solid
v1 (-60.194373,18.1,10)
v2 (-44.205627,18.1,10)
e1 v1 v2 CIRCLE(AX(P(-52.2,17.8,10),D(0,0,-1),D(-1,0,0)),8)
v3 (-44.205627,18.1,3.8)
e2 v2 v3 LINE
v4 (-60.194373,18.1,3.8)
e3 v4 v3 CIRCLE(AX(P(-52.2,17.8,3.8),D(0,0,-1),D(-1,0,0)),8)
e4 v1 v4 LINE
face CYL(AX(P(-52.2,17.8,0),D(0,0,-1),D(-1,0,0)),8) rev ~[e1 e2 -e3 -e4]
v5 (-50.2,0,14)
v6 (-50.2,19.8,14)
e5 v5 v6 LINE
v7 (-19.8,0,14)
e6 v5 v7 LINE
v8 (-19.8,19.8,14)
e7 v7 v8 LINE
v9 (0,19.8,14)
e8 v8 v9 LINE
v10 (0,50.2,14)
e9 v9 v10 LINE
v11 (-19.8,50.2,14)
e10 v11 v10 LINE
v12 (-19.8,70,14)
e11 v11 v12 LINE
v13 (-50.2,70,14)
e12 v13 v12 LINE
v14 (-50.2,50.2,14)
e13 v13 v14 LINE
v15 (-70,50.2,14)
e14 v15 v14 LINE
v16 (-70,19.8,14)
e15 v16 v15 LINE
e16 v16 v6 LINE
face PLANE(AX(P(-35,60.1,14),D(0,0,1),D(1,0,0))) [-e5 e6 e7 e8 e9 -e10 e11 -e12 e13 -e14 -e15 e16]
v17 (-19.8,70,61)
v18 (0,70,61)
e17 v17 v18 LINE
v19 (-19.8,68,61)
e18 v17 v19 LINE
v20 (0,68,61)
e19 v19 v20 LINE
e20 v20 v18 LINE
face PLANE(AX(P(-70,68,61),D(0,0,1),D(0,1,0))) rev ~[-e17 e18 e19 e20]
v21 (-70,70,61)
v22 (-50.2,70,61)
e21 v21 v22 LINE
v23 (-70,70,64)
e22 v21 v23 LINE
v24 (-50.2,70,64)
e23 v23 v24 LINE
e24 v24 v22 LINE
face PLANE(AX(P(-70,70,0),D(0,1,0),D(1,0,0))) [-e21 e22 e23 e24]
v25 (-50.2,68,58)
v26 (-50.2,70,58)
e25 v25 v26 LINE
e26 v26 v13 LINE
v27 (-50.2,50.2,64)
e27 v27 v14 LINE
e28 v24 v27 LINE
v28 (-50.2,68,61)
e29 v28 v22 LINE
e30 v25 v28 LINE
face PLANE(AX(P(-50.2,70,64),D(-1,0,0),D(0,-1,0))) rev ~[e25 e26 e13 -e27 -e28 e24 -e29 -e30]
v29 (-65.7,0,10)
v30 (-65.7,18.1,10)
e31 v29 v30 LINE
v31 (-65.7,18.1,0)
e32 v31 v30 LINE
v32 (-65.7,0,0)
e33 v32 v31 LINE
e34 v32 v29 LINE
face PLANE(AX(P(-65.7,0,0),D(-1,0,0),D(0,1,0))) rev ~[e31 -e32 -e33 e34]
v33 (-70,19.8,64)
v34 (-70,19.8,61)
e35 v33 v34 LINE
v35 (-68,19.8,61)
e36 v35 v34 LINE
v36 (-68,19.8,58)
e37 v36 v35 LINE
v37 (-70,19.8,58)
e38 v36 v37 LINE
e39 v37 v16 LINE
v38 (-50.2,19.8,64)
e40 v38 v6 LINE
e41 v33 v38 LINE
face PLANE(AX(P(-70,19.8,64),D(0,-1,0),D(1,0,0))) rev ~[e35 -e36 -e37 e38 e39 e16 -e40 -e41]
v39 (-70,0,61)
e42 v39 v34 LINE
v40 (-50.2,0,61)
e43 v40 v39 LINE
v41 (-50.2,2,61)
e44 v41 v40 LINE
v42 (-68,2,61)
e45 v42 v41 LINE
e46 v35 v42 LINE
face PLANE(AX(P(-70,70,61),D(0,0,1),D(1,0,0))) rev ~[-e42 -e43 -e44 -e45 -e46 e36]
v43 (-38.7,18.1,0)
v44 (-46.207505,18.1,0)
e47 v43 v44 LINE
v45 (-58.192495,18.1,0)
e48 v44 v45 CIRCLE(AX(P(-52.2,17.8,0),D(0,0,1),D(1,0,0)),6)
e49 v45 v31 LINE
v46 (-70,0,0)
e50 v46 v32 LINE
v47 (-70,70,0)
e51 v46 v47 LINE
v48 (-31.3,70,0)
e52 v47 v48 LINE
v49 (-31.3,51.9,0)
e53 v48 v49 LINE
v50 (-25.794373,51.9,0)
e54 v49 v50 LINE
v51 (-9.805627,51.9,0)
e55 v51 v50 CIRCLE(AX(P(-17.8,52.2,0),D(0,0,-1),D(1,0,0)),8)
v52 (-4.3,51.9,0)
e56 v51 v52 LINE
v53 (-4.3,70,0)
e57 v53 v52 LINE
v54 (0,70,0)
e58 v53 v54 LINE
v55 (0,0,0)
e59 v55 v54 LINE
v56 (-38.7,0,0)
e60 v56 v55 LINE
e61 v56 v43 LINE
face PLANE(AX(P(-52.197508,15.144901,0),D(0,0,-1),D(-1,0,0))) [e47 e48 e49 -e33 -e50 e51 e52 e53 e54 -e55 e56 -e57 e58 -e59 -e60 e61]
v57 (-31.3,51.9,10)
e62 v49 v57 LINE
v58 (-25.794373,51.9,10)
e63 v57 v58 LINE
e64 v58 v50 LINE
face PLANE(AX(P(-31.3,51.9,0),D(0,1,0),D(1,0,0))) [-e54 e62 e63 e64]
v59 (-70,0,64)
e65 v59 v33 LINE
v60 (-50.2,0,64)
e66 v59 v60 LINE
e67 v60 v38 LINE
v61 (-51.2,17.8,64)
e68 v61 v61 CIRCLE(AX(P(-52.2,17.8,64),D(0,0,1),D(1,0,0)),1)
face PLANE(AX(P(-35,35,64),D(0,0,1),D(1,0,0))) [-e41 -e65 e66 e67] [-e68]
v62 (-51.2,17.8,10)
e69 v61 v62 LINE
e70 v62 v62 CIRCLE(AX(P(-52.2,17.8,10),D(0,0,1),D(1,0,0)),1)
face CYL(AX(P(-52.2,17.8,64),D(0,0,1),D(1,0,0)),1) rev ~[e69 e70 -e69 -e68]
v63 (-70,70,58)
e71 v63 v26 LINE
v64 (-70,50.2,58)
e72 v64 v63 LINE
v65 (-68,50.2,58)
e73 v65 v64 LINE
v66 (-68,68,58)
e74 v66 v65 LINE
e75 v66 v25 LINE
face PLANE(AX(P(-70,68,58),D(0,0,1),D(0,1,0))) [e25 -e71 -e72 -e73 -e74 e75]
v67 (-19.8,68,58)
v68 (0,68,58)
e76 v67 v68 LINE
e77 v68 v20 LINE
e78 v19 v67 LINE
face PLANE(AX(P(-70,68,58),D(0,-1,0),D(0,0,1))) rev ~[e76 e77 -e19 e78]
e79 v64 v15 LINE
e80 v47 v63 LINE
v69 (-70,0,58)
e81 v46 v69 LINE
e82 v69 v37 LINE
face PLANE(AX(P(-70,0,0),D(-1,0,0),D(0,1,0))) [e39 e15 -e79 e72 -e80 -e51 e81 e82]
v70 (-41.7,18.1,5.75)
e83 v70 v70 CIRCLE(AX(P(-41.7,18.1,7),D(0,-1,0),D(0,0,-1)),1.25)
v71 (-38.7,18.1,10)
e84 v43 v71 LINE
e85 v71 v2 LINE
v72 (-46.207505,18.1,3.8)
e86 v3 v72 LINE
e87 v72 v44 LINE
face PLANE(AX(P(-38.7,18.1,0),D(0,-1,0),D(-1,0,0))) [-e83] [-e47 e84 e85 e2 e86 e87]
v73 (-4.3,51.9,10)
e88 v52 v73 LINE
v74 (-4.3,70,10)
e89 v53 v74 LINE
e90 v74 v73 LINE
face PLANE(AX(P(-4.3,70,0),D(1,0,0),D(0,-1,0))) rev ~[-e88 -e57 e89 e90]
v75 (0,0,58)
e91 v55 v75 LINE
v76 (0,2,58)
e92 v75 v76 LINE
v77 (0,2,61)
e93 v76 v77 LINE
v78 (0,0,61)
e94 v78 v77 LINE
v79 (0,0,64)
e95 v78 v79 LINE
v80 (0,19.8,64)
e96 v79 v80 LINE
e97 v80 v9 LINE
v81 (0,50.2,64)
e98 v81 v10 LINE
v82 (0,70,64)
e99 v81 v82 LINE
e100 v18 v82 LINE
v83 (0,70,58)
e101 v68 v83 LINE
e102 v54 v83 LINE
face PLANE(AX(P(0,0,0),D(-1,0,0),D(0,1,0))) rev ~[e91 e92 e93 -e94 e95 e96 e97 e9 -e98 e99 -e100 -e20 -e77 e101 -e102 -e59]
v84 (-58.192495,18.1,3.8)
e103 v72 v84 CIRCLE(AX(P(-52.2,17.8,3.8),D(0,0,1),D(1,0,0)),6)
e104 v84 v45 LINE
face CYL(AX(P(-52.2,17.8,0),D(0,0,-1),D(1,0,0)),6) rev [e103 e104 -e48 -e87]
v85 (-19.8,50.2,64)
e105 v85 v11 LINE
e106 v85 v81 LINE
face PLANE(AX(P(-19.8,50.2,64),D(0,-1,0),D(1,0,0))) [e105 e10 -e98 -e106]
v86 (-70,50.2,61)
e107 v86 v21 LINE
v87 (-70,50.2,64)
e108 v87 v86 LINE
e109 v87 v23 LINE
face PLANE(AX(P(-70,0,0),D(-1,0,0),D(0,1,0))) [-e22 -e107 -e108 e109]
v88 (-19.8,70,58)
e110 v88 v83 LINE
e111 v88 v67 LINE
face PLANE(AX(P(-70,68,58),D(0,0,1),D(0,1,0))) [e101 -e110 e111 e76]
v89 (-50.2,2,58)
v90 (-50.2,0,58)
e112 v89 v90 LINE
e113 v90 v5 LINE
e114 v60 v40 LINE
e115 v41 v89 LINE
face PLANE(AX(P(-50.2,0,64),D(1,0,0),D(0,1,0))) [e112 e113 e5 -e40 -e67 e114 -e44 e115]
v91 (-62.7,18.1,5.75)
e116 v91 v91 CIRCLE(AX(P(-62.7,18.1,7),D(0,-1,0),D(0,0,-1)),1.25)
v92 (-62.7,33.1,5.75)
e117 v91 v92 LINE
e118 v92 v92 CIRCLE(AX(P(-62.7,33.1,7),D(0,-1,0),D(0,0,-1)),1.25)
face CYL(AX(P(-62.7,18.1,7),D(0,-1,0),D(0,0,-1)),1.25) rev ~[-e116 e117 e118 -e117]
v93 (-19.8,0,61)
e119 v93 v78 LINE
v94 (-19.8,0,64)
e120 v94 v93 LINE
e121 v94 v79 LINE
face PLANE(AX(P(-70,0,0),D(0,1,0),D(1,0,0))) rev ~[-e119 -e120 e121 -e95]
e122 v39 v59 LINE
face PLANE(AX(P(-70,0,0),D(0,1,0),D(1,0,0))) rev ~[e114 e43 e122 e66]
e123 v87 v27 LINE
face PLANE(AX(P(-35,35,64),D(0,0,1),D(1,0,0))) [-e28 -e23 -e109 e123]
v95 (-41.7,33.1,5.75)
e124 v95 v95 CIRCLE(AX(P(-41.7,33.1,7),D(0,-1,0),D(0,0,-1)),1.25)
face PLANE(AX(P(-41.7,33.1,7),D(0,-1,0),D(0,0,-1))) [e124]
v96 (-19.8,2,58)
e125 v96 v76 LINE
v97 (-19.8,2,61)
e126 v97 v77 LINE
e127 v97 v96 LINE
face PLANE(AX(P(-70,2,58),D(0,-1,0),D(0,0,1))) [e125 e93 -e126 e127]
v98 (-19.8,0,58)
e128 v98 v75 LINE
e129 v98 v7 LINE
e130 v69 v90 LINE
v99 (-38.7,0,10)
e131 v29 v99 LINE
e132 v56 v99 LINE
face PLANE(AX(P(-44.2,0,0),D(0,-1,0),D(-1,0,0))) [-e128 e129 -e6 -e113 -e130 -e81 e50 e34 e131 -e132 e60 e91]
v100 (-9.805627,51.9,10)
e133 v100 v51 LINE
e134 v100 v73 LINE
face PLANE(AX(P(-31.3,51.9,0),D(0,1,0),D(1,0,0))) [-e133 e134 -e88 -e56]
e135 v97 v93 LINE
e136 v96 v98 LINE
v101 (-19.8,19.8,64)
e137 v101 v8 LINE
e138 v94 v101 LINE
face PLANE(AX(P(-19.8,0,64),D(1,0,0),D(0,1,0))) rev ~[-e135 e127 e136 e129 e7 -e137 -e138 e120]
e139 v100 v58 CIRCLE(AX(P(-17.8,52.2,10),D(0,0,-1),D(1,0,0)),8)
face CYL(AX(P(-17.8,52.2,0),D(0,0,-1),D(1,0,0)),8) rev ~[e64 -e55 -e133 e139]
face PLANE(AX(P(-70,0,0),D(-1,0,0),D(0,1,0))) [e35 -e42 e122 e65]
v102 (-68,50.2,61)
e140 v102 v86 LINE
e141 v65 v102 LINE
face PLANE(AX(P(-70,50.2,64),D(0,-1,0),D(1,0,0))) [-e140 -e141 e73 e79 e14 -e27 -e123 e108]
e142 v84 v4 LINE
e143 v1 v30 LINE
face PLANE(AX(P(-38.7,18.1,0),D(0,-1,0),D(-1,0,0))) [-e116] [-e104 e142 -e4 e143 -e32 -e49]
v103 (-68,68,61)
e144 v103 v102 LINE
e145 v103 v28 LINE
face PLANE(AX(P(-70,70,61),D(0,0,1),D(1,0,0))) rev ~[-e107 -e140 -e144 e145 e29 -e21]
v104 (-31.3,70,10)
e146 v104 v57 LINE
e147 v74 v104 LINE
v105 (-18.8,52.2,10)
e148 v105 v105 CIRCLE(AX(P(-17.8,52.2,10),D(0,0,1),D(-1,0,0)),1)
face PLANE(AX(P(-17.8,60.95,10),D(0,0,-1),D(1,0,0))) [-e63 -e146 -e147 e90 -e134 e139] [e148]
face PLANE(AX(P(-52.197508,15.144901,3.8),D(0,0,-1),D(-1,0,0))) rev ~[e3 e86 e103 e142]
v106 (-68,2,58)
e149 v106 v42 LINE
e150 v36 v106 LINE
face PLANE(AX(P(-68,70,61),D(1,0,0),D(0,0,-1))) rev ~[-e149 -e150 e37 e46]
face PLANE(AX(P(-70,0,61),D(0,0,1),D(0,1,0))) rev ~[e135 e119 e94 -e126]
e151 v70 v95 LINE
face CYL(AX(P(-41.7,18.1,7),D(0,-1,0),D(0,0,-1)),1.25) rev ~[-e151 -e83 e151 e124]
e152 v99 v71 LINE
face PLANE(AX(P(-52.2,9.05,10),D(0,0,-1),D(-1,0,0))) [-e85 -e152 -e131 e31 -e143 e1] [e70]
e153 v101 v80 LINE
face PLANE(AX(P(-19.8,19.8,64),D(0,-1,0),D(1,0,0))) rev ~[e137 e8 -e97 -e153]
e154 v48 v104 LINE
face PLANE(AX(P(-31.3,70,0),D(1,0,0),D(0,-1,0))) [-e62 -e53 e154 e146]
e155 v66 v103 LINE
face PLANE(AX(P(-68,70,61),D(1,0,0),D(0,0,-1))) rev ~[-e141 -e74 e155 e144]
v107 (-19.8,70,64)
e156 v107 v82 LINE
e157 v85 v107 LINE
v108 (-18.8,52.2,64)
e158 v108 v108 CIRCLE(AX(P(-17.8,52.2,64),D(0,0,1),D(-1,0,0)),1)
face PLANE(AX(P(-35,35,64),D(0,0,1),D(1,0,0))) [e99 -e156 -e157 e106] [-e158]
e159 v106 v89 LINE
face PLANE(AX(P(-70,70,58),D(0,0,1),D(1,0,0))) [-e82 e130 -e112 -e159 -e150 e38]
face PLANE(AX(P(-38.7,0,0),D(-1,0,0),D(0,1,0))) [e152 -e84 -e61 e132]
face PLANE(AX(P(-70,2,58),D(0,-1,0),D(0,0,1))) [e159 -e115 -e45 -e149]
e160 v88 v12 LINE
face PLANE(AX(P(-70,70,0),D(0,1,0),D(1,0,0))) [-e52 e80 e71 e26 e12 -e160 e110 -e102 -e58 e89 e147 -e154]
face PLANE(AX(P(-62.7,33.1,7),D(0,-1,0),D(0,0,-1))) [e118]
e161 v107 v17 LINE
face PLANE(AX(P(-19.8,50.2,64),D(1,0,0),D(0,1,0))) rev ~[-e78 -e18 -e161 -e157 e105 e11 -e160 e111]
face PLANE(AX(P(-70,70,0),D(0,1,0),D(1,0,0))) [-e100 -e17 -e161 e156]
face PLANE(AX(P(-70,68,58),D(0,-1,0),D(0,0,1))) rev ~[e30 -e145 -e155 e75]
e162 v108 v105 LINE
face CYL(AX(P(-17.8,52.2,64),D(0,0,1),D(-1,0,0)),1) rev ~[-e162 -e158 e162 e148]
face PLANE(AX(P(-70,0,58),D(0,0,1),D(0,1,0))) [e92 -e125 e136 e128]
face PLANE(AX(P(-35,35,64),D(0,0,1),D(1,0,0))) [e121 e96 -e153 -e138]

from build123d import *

# Parameters (mm, degrees)
ESQUISSE1_W                  = 70
ESQUISSE1_H                  = 70
BOSS_EXTRU_1_DEPTH           = 64
ESQUISSE2_W                  = 30.4
ESQUISSE2_H                  = 19.8
ESQUISSE2_H_2                = 30.4
ESQUISSE2_W_2                = 19.8
ENL_V_MAT_EXTRU_1_DEPTH      = 50
ESQUISSE5_W                  = 3
ESQUISSE5_H                  = 2
ENL_V_MAT_EXTRU_3_DEPTH      = 71
ESQUISSE6_W                  = 2
ESQUISSE6_H                  = 3
ENL_V_MAT_EXTRU_4_DEPTH      = 71
ESQUISSE7_R                  = 1
ENL_V_MAT_EXTRU_5_DEPTH      = 65
ENL_V_MAT_EXTRU_7_DEPTH      = 10
BOSS_EXTRU_2_DEPTH           = 3.8
ESQUISSE10_W                 = 27
ESQUISSE10_H                 = 18.1
ENL_V_MAT_EXTRU_8_DEPTH      = 10
ESQUISSE11_R                 = 1.25
ENL_V_MAT_EXTRU_9_DEPTH      = 15
R_P_TITION_CIRCULAIRE1_COUNT = 2


with BuildPart() as part:
    # Esquisse1 → Boss.-Extru.1 (new body)
    with BuildSketch(Plane.XY):
        with Locations((-35, 35)):
            Rectangle(ESQUISSE1_W, ESQUISSE1_H)
    extrude(amount=BOSS_EXTRU_1_DEPTH)

    # Esquisse2 → Enlèv. mat.-Extru.1 (cut)
    with BuildSketch(Plane.XY.offset(64)):
        with Locations((-35, 60.1)):
            Rectangle(ESQUISSE2_W, ESQUISSE2_H)
        with Locations((-35, 35)):
            Rectangle(ESQUISSE2_W, ESQUISSE2_H_2)
        with Locations((-9.9, 35)):
            Rectangle(ESQUISSE2_W_2, ESQUISSE2_H_2)
        with Locations((-60.1, 35)):
            Rectangle(ESQUISSE2_W_2, ESQUISSE2_H_2)
        with Locations((-35, 9.9)):
            Rectangle(ESQUISSE2_W, ESQUISSE2_H)
    extrude(amount=-ENL_V_MAT_EXTRU_1_DEPTH, mode=Mode.SUBTRACT)

    # Esquisse5 → Enlèv. mat.-Extru.3 (cut, through all)
    with BuildSketch(Plane.ZY.offset(70)):
        with Locations((59.5, 69)):
            Rectangle(ESQUISSE5_W, ESQUISSE5_H)
        with Locations((59.5, 1)):
            Rectangle(ESQUISSE5_W, ESQUISSE5_H)
    extrude(amount=-ENL_V_MAT_EXTRU_3_DEPTH, mode=Mode.SUBTRACT)

    # Esquisse6 → Enlèv. mat.-Extru.4 (cut, through all)
    with BuildSketch(Plane(origin=(0, 70, 0), x_dir=(1, 0, 0), z_dir=(0, 1, 0))):
        with Locations((-69, -59.5)):
            Rectangle(ESQUISSE6_W, ESQUISSE6_H)
    extrude(amount=-ENL_V_MAT_EXTRU_4_DEPTH, mode=Mode.SUBTRACT)

    # Esquisse7 → Enlèv. mat.-Extru.5 (cut, through all)
    with BuildSketch(Plane.XY.offset(64)):
        with Locations((-52.2, 17.8)):
            Circle(ESQUISSE7_R)
    enl_v_mat_extru_5 = extrude(amount=-ENL_V_MAT_EXTRU_5_DEPTH, mode=Mode.SUBTRACT)

    # Esquisse8 → Enlèv. mat.-Extru.7 (cut)
    with BuildSketch(Plane(origin=(0, 0, 0), x_dir=(-1, 0, 0), z_dir=(0, 0, -1))):
        with BuildLine():
            Line((60.2, 0), (60.2, 17.8))
            ThreePointArc((60.2, 17.8), (52.2, 9.8), (44.2, 17.8))
            Line((44.2, 17.8), (44.2, 0))
            Line((44.2, 0), (60.2, 0))
        make_face()
        with BuildLine():
            ThreePointArc((44.2, 17.8), (52.2, 9.8), (60.2, 17.8))
            Line((60.2, 17.8), (53.2, 17.8))
            ThreePointArc((53.2, 17.8), (52.2, 16.8), (51.2, 17.8))
            Line((51.2, 17.8), (44.2, 17.8))
        make_face()
        with BuildLine():
            Line((53.2, 17.8), (60.2, 17.8))
            ThreePointArc((60.2, 17.8), (52.2, 25.8), (44.2, 17.8))
            Line((44.2, 17.8), (51.2, 17.8))
            ThreePointArc((51.2, 17.8), (52.2, 18.8), (53.2, 17.8))
        make_face()
    enl_v_mat_extru_7 = extrude(amount=-ENL_V_MAT_EXTRU_7_DEPTH, mode=Mode.SUBTRACT)

    # Esquisse9 → Boss.-Extru.2 (add)
    with BuildSketch(Plane(origin=(0, 0, 0), x_dir=(-1, 0, 0), z_dir=(0, 0, -1))):
        with BuildLine():
            Line((46.2, 0), (46.2, 17.8))
            ThreePointArc((46.2, 17.8), (52.2, 23.8), (58.2, 17.8))
            Line((58.2, 17.8), (58.2, 0))
            Line((58.2, 0), (60.2, 0))
            Line((60.2, 0), (60.2, 17.8))
            Line((60.2, 17.8), (60.175717696, 28.742363645))
            Line((60.175717696, 28.742363645), (44.2, 28.742363645))
            Line((44.2, 28.742363645), (44.2, 0))
            Line((44.2, 0), (46.2, 0))
        make_face()
    extrude(amount=-BOSS_EXTRU_2_DEPTH)

    # Esquisse10 → Enlèv. mat.-Extru.8 (cut)
    with BuildSketch(Plane(origin=(0, 0, 0), x_dir=(-1, 0, 0), z_dir=(0, 0, -1))):
        with Locations((52.2, 9.05)):
            Rectangle(ESQUISSE10_W, ESQUISSE10_H)
    enl_v_mat_extru_8 = extrude(amount=-ENL_V_MAT_EXTRU_8_DEPTH, mode=Mode.SUBTRACT)

    # Esquisse11 → Enlèv. mat.-Extru.9 (cut)
    with BuildSketch(Plane.XZ.offset(-18.1)):
        with Locations(Location((-41.7, 7, 0), (0, 0, 270))):  # turned: the seam where the file's is
            Circle(ESQUISSE11_R)
        with Locations(Location((-62.7, 7, 0), (0, 0, 270))):  # turned: the seam where the file's is
            Circle(ESQUISSE11_R)
    extrude(amount=-ENL_V_MAT_EXTRU_9_DEPTH, mode=Mode.SUBTRACT)

    # Répétition circulaire1: Enlèv. mat.-Extru.5, Enlèv. mat.-Extru.7, Enlèv. mat.-Extru.8 ×2 about axis
    r_p_tition_circulaire1_axis = Axis((-35, 35, 0), (0, 0, 1))
    add([enl_v_mat_extru_5.rotate(r_p_tition_circulaire1_axis, i * 360 / R_P_TITION_CIRCULAIRE1_COUNT) for i in range(1, R_P_TITION_CIRCULAIRE1_COUNT)], mode=Mode.SUBTRACT)
    add([enl_v_mat_extru_7.rotate(r_p_tition_circulaire1_axis, i * 360 / R_P_TITION_CIRCULAIRE1_COUNT) for i in range(1, R_P_TITION_CIRCULAIRE1_COUNT)], mode=Mode.SUBTRACT)
    add([enl_v_mat_extru_8.rotate(r_p_tition_circulaire1_axis, i * 360 / R_P_TITION_CIRCULAIRE1_COUNT) for i in range(1, R_P_TITION_CIRCULAIRE1_COUNT)], mode=Mode.SUBTRACT)


solid = part.part
